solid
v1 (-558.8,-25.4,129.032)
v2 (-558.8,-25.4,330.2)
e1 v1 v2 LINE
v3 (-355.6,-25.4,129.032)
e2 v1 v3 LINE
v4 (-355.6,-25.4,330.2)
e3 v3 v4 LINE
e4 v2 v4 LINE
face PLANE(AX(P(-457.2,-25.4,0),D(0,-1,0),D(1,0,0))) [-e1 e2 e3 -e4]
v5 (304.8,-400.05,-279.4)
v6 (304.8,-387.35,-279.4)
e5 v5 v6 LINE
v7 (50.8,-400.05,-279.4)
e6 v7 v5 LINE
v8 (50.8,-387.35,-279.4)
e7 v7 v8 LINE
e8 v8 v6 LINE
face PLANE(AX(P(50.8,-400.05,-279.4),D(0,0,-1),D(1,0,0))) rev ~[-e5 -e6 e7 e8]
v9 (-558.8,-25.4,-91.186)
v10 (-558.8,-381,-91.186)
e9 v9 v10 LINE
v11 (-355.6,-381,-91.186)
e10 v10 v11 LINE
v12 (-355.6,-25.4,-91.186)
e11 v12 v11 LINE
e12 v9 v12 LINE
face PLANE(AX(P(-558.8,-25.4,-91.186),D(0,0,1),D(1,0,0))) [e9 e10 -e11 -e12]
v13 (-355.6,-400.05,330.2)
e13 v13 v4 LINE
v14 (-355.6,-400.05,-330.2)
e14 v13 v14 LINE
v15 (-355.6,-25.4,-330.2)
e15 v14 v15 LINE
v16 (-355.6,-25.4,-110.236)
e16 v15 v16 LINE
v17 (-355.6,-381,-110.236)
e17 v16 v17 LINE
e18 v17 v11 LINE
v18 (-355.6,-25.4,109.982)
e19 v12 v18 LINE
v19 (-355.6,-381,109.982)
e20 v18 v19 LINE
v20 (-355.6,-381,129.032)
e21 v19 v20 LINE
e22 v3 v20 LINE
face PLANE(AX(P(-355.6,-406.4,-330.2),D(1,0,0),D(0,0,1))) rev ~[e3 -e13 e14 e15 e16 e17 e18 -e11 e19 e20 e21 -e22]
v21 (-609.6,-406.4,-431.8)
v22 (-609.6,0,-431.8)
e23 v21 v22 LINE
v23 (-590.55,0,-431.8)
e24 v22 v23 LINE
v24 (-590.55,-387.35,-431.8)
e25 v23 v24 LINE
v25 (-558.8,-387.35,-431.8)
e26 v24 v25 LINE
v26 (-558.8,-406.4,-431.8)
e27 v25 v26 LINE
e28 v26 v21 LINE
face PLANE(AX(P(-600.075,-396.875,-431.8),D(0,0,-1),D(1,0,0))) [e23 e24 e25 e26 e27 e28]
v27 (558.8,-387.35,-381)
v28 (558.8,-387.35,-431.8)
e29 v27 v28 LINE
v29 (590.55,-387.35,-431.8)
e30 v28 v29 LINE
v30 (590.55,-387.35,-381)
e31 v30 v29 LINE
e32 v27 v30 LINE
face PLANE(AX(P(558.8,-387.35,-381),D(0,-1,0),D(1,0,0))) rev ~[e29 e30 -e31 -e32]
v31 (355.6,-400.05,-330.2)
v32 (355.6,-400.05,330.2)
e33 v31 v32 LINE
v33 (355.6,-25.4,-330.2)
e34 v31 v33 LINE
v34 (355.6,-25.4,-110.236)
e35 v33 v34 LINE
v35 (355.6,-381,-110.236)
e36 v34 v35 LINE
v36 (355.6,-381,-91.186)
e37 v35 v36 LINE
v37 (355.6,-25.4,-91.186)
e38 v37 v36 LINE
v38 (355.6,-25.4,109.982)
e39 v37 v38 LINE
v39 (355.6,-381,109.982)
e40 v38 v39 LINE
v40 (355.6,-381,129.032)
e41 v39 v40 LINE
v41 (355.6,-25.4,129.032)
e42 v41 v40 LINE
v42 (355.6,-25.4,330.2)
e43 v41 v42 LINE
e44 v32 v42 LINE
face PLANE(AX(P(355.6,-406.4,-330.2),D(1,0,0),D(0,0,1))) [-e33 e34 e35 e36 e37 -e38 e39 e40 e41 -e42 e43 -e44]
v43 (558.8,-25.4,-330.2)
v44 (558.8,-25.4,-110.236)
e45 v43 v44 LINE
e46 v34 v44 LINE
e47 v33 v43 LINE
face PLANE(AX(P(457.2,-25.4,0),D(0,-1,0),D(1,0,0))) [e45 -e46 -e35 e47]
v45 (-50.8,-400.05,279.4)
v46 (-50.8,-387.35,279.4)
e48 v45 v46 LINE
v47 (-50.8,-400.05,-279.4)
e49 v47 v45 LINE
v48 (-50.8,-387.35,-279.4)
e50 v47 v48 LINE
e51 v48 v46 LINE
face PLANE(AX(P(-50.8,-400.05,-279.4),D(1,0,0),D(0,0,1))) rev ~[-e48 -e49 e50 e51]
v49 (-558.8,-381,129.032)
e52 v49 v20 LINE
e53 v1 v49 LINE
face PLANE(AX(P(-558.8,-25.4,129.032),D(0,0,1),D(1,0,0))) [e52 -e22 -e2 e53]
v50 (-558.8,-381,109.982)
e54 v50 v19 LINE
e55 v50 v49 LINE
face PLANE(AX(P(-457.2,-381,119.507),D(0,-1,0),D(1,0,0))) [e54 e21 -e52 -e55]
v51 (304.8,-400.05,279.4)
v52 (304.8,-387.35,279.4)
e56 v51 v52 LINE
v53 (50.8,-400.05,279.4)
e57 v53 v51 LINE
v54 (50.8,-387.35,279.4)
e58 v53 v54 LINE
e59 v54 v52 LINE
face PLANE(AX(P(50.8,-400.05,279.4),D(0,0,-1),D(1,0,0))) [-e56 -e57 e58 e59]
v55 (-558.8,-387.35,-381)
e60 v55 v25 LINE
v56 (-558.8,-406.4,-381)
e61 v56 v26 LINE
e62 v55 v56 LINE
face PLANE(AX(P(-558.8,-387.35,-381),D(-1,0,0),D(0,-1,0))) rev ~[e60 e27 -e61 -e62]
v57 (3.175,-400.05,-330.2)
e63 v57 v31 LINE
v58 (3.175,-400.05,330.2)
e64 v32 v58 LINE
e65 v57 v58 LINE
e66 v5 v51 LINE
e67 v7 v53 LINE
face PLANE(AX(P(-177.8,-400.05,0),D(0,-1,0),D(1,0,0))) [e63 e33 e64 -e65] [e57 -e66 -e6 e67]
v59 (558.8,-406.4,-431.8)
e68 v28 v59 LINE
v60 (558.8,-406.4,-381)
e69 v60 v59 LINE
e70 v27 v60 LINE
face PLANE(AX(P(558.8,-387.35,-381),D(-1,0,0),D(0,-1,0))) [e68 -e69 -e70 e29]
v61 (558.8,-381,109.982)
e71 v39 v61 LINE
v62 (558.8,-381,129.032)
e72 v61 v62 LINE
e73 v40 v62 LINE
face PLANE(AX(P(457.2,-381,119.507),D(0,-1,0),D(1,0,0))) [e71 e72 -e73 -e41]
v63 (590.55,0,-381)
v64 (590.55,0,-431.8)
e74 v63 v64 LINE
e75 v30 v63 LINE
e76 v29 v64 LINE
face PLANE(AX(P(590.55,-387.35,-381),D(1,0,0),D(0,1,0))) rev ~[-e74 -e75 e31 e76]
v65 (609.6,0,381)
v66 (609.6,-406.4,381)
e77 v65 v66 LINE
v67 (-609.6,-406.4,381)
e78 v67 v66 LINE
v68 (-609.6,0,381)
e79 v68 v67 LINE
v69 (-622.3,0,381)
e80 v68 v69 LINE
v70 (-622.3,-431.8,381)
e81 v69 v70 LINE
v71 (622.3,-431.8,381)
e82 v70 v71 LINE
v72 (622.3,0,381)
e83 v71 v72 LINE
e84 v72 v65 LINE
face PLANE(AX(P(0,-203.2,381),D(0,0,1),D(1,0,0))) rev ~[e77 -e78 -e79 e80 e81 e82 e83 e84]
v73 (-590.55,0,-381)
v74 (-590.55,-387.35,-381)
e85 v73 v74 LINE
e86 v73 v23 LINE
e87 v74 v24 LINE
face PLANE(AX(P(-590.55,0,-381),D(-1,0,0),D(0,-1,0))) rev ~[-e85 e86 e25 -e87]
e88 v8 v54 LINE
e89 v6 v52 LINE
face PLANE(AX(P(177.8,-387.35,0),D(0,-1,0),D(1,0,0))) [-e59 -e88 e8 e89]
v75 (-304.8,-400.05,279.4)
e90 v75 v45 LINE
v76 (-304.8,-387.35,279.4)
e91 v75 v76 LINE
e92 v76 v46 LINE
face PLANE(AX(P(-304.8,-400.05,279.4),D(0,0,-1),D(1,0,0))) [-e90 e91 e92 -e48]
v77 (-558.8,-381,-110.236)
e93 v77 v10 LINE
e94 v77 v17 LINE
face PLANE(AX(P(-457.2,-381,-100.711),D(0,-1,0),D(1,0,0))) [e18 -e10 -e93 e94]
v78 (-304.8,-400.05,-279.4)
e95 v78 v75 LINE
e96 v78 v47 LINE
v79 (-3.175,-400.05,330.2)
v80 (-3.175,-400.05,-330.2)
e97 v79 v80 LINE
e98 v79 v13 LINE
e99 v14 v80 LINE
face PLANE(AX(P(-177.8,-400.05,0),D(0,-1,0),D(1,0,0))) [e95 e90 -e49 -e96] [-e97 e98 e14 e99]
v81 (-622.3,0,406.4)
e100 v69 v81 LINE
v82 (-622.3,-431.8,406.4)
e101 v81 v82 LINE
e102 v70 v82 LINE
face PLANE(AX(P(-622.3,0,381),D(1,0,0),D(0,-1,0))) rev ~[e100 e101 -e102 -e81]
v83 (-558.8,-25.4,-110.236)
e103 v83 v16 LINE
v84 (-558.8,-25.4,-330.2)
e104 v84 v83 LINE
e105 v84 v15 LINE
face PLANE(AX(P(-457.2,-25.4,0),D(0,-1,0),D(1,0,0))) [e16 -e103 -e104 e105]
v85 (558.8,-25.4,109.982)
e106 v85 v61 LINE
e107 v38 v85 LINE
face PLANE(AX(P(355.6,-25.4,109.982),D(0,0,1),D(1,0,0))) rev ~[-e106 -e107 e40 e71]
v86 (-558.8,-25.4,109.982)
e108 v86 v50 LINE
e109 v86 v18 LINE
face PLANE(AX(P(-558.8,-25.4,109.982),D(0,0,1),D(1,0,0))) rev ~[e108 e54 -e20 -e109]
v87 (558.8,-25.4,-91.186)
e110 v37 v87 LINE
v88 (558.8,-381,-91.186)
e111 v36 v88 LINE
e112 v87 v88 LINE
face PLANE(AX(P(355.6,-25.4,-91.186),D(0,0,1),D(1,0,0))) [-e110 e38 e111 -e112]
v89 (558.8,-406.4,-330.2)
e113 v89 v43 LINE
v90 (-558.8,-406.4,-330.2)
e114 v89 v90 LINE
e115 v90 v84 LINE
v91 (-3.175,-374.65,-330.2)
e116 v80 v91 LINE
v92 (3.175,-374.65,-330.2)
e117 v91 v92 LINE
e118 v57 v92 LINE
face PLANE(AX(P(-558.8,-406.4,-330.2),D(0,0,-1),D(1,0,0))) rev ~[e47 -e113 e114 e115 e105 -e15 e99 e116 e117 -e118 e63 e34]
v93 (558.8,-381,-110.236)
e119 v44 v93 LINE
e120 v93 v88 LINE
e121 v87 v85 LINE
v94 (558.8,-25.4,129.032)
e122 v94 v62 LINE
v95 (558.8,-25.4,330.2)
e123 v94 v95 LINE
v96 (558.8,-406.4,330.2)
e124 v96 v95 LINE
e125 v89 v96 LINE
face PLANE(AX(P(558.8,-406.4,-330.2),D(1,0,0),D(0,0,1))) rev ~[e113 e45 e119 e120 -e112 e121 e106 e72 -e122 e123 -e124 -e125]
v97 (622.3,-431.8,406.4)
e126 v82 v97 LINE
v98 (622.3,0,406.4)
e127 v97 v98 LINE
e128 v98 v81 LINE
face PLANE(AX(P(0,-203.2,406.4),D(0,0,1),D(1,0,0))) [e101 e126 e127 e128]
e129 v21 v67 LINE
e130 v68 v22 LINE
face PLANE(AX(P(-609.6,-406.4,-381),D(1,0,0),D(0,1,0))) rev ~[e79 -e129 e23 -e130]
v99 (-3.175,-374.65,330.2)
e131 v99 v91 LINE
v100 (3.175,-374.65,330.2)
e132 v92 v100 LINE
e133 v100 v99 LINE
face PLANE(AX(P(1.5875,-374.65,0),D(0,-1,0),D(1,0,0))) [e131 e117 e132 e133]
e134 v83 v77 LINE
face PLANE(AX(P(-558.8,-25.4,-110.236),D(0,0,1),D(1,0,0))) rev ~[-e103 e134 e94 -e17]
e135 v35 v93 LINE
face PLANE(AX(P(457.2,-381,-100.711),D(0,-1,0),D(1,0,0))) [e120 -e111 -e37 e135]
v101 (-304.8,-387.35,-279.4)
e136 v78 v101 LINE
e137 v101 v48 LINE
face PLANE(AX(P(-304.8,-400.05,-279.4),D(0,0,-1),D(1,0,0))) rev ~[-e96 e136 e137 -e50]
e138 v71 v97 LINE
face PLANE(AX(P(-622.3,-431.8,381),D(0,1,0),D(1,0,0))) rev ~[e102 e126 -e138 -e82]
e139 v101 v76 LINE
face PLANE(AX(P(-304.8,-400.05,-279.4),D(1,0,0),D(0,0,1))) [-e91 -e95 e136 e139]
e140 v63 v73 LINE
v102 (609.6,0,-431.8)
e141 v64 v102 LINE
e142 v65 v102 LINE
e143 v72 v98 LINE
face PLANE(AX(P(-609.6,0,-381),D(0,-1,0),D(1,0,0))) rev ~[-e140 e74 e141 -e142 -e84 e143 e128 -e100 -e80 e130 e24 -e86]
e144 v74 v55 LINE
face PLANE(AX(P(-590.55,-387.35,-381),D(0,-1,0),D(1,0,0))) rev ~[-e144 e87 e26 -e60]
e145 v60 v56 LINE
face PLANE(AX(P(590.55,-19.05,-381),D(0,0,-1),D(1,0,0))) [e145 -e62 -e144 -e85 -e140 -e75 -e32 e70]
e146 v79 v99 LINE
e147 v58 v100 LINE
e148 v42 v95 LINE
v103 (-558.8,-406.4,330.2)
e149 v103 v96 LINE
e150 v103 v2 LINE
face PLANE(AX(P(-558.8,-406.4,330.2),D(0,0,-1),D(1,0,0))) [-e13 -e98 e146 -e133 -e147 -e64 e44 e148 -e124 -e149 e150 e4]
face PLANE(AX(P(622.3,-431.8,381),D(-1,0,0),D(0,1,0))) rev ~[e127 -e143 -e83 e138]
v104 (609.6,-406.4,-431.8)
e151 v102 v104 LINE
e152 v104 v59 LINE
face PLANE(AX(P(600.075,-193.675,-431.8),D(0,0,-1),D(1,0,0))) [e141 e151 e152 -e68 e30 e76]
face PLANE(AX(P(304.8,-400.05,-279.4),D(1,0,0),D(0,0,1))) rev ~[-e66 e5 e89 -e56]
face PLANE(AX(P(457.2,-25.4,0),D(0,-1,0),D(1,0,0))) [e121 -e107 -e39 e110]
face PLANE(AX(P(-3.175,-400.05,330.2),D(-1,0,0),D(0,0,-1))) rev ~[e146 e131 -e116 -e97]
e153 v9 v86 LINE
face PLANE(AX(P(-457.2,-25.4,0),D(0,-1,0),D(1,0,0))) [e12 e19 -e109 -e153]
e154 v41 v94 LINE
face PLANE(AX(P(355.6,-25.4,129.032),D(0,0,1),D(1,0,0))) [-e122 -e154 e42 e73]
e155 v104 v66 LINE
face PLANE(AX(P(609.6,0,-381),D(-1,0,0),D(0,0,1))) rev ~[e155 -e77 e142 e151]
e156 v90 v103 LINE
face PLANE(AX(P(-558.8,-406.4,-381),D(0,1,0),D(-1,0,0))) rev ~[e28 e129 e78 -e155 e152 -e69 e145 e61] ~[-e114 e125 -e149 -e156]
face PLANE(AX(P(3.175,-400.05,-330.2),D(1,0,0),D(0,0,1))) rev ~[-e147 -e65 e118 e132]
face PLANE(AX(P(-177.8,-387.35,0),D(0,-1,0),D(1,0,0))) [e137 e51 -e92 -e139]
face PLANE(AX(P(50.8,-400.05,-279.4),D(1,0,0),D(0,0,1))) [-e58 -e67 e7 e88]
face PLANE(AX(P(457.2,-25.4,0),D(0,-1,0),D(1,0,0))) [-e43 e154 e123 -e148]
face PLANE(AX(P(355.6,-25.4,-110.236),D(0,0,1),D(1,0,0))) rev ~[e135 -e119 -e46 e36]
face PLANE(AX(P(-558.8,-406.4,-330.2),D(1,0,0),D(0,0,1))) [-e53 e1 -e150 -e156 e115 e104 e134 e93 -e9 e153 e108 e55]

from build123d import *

# Parameters (mm, degrees)
F0_W      = 1219.2
F0_H      = 762
F1_DEPTH  = 406.4
F2_W      = 38.1
F2_H      = 38.1
F3_DEPTH  = 50.8
F4_W      = 1219.2
F4_H      = 406.4
F5_DEPTH  = 25.4
F7_DEPTH  = 6.35
F6_W      = 203.2
F6_H      = 660.4
F8_DEPTH  = 381
F9_W      = 254
F9_H      = 558.8
F10_DEPTH = 12.7
F9_W_2    = 3.175
F11_DEPTH = 25.4
F12_W     = 203.2
F12_H     = 19.05
F13_DEPTH = 355.6
F14_DEPTH = 50.8
F15_W     = 19.05
F15_H     = 19.05
F15_H_2   = 387.35
F15_W_2   = 31.75
F16_DEPTH = 50.8


with BuildPart() as f1:
    # F0 (on Front) → F1 (new body)
    with BuildSketch(Plane.XZ):
        Rectangle(F0_W, F0_H)
    extrude(amount=F1_DEPTH)

    # F2 (on face) → F3 (join)
    with BuildSketch(Plane(origin=(0, 0, -381), x_dir=(1, 0, 0), z_dir=(0, 0, -1))):
        with Locations((-590.55, 387.35)):
            Rectangle(F2_W, F2_H)
        with Locations((-590.55, 19.05)):
            Rectangle(F2_W, F2_H)
        with Locations((590.55, 387.35)):
            Rectangle(F2_W, F2_H)
        with Locations((590.55, 19.05)):
            Rectangle(F2_W, F2_H)
    extrude(amount=F3_DEPTH)

    # F4 (on face) → F5 (join)
    with BuildSketch(Plane.XY.offset(381)):
        with Locations((0, -203.2)):
            Rectangle(F4_W, F4_H)
        Polygon((-609.6, -406.4), (-609.6, 0), (-622.3, 0), (-622.3, -406.4), (-622.3, -431.8), (622.3, -431.8), (622.3, 0), (609.6, 0), (609.6, -406.4), align=None)
    extrude(amount=F5_DEPTH)

    # F6 (on face) → F7 (cut)
    with BuildSketch(Plane.XZ.offset(406.4)):
        Polygon((-101.6, 330.2), (-355.6, 330.2), (-355.6, -330.2), (0, -330.2), (0, 0), (0, 330.2), align=None)
        Polygon((355.6, 330.2), (0, 330.2), (0, 0), (0, -330.2), (355.6, -330.2), align=None)
    extrude(amount=-F7_DEPTH, mode=Mode.SUBTRACT)

    # F6 (on face) → F8 (cut)
    with BuildSketch(Plane.XZ.offset(406.4)):
        with Locations((-457.2, 0)):
            Rectangle(F6_W, F6_H)
        with Locations((457.2, 0)):
            Rectangle(F6_W, F6_H)
    extrude(amount=-F8_DEPTH, mode=Mode.SUBTRACT)

    # F9 (on face) → F10 (cut)
    with BuildSketch(Plane.XZ.offset(400.05)):
        with Locations((-177.8, 0)):
            Rectangle(F9_W, F9_H)
        with Locations((177.8, 0)):
            Rectangle(F9_W, F9_H)
    extrude(amount=-F10_DEPTH, mode=Mode.SUBTRACT)

    # F9 (on face) → F11 (cut)
    with BuildSketch(Plane.XZ.offset(400.05)):
        with Locations((1.5875, 0)):
            Rectangle(F9_W_2, F9_H)
        with Locations((-1.5875, 0)):
            Rectangle(F9_W_2, F9_H)
        Polygon((-3.175, -279.4), (-3.175, -330.2), (3.175, -330.2), (3.175, -279.4), (0, -279.4), align=None)
        Polygon((-3.175, 330.2), (-3.175, 279.4), (0, 279.4), (3.175, 279.4), (3.175, 330.2), align=None)
    extrude(amount=-F11_DEPTH, mode=Mode.SUBTRACT)

    # F12 (on face) → F13 (join)
    with BuildSketch(Plane.XZ.offset(25.4)):
        with Locations((-457.2, 119.507)):
            Rectangle(F12_W, F12_H)
        with Locations((-457.2, -100.711)):
            Rectangle(F12_W, F12_H)
        with Locations((457.2, -100.711)):
            Rectangle(F12_W, F12_H)
        with Locations((457.2, 119.507)):
            Rectangle(F12_W, F12_H)
    extrude(amount=F13_DEPTH)

    # F14 (cut): faces of the model
    f14_faces = [f1.faces().sort_by_distance(p)[0] for p in [
        (-590.55, -387.35, -431.8),
        (590.55, -387.35, -431.8),
        (590.55, -19.05, -431.8),
        (-590.55, -19.05, -431.8),
    ]]
    extrude(f14_faces, amount=-F14_DEPTH, mode=Mode.SUBTRACT)

    # F15 (on face) → F16 (join)
    with BuildSketch(Plane(origin=(0, 0, -381), x_dir=(1, 0, 0), z_dir=(0, 0, -1))):
        with Locations((-600.075, 396.875)):
            Rectangle(F15_W, F15_H)
        with Locations((-600.075, 193.675)):
            Rectangle(F15_W, F15_H_2)
        with Locations((600.075, 193.675)):
            Rectangle(F15_W, F15_H_2)
        with Locations((600.075, 396.875)):
            Rectangle(F15_W, F15_H)
        with Locations((574.675, 396.875)):
            Rectangle(F15_W_2, F15_H)
        with Locations((-574.675, 396.875)):
            Rectangle(F15_W_2, F15_H)
    extrude(amount=F16_DEPTH)


solid = f1.part
